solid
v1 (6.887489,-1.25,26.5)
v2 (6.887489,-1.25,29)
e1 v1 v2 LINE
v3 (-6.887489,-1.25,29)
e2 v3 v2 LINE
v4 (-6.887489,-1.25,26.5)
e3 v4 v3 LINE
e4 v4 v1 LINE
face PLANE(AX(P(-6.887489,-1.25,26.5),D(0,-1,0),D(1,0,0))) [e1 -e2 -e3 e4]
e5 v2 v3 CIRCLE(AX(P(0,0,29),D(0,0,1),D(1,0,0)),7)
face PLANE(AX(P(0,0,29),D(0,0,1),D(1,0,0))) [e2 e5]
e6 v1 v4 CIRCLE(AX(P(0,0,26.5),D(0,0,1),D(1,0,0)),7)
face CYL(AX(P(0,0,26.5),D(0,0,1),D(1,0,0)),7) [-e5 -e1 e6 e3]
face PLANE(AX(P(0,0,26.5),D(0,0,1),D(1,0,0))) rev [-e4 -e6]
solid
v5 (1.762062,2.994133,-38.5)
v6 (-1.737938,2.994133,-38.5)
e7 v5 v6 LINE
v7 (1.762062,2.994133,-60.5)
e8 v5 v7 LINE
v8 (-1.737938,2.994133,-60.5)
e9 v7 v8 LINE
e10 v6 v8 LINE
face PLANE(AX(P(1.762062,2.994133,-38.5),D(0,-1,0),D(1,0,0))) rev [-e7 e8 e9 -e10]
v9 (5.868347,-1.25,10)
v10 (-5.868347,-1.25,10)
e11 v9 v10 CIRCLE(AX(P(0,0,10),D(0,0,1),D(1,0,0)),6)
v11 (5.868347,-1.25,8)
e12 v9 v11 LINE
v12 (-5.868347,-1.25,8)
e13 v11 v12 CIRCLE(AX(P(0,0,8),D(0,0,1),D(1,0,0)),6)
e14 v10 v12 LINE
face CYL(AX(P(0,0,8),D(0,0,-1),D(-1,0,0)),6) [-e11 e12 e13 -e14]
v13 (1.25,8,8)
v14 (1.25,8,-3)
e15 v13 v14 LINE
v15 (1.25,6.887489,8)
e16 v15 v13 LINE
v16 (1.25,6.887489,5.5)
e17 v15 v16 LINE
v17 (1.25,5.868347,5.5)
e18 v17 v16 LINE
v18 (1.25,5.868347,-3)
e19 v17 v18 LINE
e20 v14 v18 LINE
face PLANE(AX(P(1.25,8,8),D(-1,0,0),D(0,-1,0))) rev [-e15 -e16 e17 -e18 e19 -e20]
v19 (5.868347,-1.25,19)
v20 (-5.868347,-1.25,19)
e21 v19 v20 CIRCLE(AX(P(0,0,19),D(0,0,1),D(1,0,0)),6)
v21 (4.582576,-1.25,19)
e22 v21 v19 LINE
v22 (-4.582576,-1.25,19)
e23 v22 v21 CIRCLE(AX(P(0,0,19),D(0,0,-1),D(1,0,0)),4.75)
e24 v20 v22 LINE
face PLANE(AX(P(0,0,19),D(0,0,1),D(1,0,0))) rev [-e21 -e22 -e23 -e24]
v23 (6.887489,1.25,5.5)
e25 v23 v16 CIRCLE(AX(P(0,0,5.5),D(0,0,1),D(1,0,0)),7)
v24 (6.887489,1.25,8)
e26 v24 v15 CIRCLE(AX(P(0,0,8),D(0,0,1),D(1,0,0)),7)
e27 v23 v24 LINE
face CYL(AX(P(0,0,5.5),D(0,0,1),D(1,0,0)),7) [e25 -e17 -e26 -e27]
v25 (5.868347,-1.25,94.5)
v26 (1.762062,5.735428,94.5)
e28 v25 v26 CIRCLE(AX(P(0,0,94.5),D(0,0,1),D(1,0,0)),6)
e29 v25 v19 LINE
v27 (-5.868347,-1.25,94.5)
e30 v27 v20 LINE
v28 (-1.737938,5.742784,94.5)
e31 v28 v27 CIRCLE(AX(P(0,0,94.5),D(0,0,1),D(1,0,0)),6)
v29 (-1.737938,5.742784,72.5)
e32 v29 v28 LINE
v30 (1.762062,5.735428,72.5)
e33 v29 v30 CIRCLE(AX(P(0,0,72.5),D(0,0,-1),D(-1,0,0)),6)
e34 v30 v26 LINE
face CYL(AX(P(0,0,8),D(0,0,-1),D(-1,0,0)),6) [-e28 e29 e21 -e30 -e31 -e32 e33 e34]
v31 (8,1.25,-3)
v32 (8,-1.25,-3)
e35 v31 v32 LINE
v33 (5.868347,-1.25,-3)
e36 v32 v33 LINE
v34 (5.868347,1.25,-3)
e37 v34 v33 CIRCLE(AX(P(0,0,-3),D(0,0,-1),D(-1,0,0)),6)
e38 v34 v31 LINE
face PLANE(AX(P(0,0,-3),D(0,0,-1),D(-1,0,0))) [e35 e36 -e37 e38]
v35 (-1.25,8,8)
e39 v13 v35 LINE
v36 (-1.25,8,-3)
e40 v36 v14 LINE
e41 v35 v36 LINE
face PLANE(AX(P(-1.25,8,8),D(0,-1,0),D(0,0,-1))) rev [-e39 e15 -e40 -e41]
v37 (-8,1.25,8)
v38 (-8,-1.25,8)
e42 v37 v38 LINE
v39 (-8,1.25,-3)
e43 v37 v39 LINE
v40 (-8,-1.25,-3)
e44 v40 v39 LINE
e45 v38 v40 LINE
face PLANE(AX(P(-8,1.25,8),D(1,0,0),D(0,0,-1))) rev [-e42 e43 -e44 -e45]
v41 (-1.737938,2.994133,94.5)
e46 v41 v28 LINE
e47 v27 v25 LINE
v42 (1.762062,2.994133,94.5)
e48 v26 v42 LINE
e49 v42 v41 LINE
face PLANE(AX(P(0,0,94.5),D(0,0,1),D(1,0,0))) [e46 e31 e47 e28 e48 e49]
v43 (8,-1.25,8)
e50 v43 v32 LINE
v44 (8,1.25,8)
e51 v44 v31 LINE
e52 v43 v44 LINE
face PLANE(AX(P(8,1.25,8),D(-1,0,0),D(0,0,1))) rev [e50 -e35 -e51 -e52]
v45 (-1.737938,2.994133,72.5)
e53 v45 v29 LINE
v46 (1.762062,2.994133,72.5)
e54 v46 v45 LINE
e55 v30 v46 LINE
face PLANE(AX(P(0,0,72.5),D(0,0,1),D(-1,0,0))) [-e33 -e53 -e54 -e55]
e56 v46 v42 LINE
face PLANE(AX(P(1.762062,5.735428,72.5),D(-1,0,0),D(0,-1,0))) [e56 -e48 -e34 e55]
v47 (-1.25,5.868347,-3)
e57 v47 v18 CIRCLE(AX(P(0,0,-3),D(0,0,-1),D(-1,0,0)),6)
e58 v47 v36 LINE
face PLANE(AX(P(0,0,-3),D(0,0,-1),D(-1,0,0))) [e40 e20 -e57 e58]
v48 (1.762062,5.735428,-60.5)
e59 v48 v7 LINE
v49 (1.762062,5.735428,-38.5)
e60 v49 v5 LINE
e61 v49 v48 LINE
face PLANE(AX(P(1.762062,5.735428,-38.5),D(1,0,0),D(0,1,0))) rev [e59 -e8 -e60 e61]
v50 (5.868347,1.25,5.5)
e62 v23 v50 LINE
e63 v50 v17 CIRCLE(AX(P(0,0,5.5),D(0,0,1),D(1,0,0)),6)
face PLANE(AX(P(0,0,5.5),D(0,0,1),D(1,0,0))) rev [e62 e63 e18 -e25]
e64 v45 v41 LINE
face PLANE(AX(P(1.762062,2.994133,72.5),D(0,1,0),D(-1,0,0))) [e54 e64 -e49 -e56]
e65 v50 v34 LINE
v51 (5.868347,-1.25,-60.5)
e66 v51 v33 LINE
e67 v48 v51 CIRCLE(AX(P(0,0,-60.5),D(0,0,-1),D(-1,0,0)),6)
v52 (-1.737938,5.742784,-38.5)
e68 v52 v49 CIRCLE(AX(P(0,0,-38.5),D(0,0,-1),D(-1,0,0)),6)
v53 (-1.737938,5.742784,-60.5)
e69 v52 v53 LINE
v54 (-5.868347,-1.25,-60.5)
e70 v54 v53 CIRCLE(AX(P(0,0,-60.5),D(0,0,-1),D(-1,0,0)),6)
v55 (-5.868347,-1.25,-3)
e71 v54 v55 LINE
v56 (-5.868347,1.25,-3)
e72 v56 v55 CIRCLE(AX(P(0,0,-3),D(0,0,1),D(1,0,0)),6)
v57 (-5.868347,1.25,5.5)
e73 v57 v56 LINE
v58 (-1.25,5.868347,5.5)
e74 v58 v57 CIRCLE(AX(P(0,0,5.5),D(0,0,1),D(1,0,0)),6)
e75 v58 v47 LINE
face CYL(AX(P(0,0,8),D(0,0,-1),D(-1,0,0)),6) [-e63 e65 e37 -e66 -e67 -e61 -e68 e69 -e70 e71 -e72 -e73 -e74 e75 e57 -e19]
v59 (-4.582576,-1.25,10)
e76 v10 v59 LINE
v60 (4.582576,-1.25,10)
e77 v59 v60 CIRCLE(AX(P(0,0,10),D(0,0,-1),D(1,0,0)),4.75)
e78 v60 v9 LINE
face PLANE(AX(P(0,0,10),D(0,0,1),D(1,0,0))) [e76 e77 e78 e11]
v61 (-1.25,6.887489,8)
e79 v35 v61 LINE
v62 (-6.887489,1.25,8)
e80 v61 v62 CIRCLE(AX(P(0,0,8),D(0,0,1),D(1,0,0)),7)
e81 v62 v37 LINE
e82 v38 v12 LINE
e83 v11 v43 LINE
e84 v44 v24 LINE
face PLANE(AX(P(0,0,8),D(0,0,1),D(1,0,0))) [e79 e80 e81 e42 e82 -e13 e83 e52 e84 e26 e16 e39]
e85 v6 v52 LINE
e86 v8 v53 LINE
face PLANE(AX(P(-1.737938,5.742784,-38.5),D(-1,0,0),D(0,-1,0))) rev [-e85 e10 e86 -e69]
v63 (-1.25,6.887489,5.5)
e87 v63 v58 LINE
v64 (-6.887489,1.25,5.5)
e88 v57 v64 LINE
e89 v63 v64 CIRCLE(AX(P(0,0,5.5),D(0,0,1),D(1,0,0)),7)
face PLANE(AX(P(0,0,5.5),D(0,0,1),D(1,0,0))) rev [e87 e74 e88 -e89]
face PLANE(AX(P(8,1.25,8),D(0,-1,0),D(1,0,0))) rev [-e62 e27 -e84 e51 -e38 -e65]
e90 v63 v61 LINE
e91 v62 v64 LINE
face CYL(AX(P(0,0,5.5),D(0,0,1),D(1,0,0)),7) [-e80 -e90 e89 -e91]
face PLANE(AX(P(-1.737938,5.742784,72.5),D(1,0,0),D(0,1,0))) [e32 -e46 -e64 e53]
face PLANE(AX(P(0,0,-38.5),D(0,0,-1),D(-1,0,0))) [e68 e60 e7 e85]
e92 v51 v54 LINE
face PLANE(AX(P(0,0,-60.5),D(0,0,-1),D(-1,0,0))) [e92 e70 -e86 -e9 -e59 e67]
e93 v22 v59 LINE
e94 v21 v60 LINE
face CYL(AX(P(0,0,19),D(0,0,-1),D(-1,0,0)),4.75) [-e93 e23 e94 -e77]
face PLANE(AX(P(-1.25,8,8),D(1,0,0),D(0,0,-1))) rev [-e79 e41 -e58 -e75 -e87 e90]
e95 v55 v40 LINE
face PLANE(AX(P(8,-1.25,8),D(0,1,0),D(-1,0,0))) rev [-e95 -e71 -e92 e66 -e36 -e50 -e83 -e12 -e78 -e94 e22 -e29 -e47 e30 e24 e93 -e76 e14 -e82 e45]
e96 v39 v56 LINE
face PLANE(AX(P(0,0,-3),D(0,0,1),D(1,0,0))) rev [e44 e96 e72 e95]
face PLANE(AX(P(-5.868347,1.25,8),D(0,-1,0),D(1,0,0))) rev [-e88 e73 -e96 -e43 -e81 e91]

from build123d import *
from build123d.topology import SkipClean

# Parameters (mm, degrees)
BOSS_EXTRUDE1_DEPTH = 8
BOSS_EXTRUDE2_DEPTH = 26
BOSS_EXTRUDE3_DEPTH = 2.5
BOSS_EXTRUDE4_START = -5
BOSS_EXTRUDE4_DEPTH = 2.5
BOSS_EXTRUDE5_START = 8
BOSS_EXTRUDE5_DEPTH = 8
SKETCH12_W          = 2.5
SKETCH12_H          = 2.131652703
SKETCH12_W_2        = 2.131652703
SKETCH12_H_2        = 2.5
BOSS_EXTRUDE6_DEPTH = 3
BOSS_EXTRUDE7_DEPTH = 60.5
BOSS_EXTRUDE8_START = 52.5
BOSS_EXTRUDE8_DEPTH = 52.5
CUT_EXTRUDE1_DEPTH  = 22
CUT_EXTRUDE2_START  = 2
CUT_EXTRUDE2_DEPTH  = 9


with BuildPart() as part:
    # Sketch1 → Boss-Extrude1 (new body)
    with BuildSketch(Plane.XY):
        with BuildLine():
            Line((8, 1.25), (5.868347297, 1.25))
            ThreePointArc((5.868347297, 1.25), (4.242640687, 4.242640687), (1.25, 5.868347297))
            Line((1.25, 5.868347297), (1.25, 8))
            Line((1.25, 8), (-1.25, 8))
            Line((-1.25, 8), (-1.25, 5.868347297))
            ThreePointArc((-1.25, 5.868347297), (-4.242640687, 4.242640687), (-5.868347297, 1.25))
            Line((-5.868347297, 1.25), (-8, 1.25))
            Line((-8, 1.25), (-8, -1.25))
            Line((-8, -1.25), (8, -1.25))
            Line((8, -1.25), (8, 1.25))
        make_face()
    extrude(amount=BOSS_EXTRUDE1_DEPTH)

    # Sketch3 → Boss-Extrude2 (add)
    with BuildSketch(Plane.XY.offset(8)):
        with BuildLine():
            Line((-5.868347297, -1.25), (5.868347297, -1.25))
            ThreePointArc((5.868347297, -1.25), (0, 6), (-5.868347297, -1.25))
        make_face()
    extrude(amount=BOSS_EXTRUDE2_DEPTH)

    # Sketch5 → Boss-Extrude3 (add)
    with BuildSketch(Plane.XY.offset(8)):
        with BuildLine():
            Line((-6.887488657, -1.25), (6.887488657, -1.25))
            ThreePointArc((6.887488657, -1.25), (0, 7), (-6.887488657, -1.25))
        make_face()
    extrude(amount=-BOSS_EXTRUDE3_DEPTH)

    # Sketch10 → Boss-Extrude5 (add)
    with SkipClean():  # the faces are left unmerged after this step: merging them gives an invalid solid
        with BuildSketch(Plane(origin=(0, 0, 0), x_dir=(-1, 0, 0), z_dir=(0, 0, -1)).offset(BOSS_EXTRUDE5_START)):
            with BuildLine():
                Line((-5.868347297, -1.25), (5.868347297, -1.25))
                ThreePointArc((5.868347297, -1.25), (0, 6), (-5.868347297, -1.25))
            make_face()
        extrude(amount=-BOSS_EXTRUDE5_DEPTH)

    # Sketch12 → Boss-Extrude6 (add)
    with SkipClean():  # the faces are left unmerged after this step: merging them gives an invalid solid
        with BuildSketch(Plane(origin=(0, 0, 0), x_dir=(-1, 0, 0), z_dir=(0, 0, -1))):
            with Locations((0, 6.934173648)):
                Rectangle(SKETCH12_W, SKETCH12_H)
            with Locations((6.934173648, 0)):
                Rectangle(SKETCH12_W_2, SKETCH12_H_2)
            with Locations((-6.934173648, 0)):
                Rectangle(SKETCH12_W_2, SKETCH12_H_2)
        extrude(amount=BOSS_EXTRUDE6_DEPTH)

    # Sketch14 → Boss-Extrude7 (add)
    with SkipClean():  # the faces are left unmerged after this step: merging them gives an invalid solid
        with BuildSketch(Plane.XY.offset(34)):
            with BuildLine():
                Line((-5.868347297, -1.25), (5.868347297, -1.25))
                ThreePointArc((5.868347297, -1.25), (0, 6), (-5.868347297, -1.25))
            make_face()
        extrude(amount=BOSS_EXTRUDE7_DEPTH)

    # Sketch15 → Boss-Extrude8 (add)
    with SkipClean():  # the faces are left unmerged after this step: merging them gives an invalid solid
        with BuildSketch(Plane(origin=(0, 0, -8), x_dir=(-1, 0, 0), z_dir=(0, 0, -1)).offset(BOSS_EXTRUDE8_START)):
            with BuildLine():
                Line((-5.868347297, -1.25), (5.868347297, -1.25))
                ThreePointArc((5.868347297, -1.25), (0, 6), (-5.868347297, -1.25))
            make_face()
        extrude(amount=-BOSS_EXTRUDE8_DEPTH)

    # Sketch16 → Cut-Extrude1 (cut)
    with SkipClean():  # the faces are left unmerged after this step: merging them gives an invalid solid
        with BuildSketch(Plane(origin=(0, 0, -60.5), x_dir=(-1, 0, 0), z_dir=(0, 0, -1))):
            with BuildLine():
                Line((-1.762062123, 5.735428238), (-1.762062123, 2.994133291))
                Line((-1.762062123, 2.994133291), (1.737937877, 2.994133291))
                Line((1.737937877, 2.994133291), (1.737937877, 5.742784336))
                ThreePointArc((1.737937877, 5.742784336), (-0.012610426, 5.999986748), (-1.762062123, 5.735428238))
            make_face()
        cut_extrude1 = extrude(amount=-CUT_EXTRUDE1_DEPTH, mode=Mode.SUBTRACT)

    # Mirror1: Cut-Extrude1 across plane
    with SkipClean():  # the faces are left unmerged after this step: merging them gives an invalid solid
        add(cut_extrude1.mirror(Plane.XY.offset(17)), mode=Mode.SUBTRACT)

    # Sketch17 → Cut-Extrude2 (cut)
    with SkipClean():  # the faces are left unmerged after this step: merging them gives an invalid solid
        with BuildSketch(Plane.XY.offset(8).offset(CUT_EXTRUDE2_START)):
            with BuildLine():
                Line((-9.528418517, -1.25), (-4.582575695, -1.25))
                ThreePointArc((-4.582575695, -1.25), (0, 4.75), (4.582575695, -1.25))
                Line((4.582575695, -1.25), (9.528418517, -1.25))
                ThreePointArc((9.528418517, -1.25), (0, 9.610060324), (-9.528418517, -1.25))
            make_face()
        extrude(amount=CUT_EXTRUDE2_DEPTH, mode=Mode.SUBTRACT)


with BuildPart() as body_2:
    # Sketch9 → Boss-Extrude4 (new body)
    with BuildSketch(Plane.XY.offset(34).offset(BOSS_EXTRUDE4_START)):
        with BuildLine():
            Line((-6.887488657, -1.25), (6.887488657, -1.25))
            ThreePointArc((6.887488657, -1.25), (0, 7), (-6.887488657, -1.25))
        make_face()
    extrude(amount=-BOSS_EXTRUDE4_DEPTH)


solid = Compound([part.part, body_2.part])
